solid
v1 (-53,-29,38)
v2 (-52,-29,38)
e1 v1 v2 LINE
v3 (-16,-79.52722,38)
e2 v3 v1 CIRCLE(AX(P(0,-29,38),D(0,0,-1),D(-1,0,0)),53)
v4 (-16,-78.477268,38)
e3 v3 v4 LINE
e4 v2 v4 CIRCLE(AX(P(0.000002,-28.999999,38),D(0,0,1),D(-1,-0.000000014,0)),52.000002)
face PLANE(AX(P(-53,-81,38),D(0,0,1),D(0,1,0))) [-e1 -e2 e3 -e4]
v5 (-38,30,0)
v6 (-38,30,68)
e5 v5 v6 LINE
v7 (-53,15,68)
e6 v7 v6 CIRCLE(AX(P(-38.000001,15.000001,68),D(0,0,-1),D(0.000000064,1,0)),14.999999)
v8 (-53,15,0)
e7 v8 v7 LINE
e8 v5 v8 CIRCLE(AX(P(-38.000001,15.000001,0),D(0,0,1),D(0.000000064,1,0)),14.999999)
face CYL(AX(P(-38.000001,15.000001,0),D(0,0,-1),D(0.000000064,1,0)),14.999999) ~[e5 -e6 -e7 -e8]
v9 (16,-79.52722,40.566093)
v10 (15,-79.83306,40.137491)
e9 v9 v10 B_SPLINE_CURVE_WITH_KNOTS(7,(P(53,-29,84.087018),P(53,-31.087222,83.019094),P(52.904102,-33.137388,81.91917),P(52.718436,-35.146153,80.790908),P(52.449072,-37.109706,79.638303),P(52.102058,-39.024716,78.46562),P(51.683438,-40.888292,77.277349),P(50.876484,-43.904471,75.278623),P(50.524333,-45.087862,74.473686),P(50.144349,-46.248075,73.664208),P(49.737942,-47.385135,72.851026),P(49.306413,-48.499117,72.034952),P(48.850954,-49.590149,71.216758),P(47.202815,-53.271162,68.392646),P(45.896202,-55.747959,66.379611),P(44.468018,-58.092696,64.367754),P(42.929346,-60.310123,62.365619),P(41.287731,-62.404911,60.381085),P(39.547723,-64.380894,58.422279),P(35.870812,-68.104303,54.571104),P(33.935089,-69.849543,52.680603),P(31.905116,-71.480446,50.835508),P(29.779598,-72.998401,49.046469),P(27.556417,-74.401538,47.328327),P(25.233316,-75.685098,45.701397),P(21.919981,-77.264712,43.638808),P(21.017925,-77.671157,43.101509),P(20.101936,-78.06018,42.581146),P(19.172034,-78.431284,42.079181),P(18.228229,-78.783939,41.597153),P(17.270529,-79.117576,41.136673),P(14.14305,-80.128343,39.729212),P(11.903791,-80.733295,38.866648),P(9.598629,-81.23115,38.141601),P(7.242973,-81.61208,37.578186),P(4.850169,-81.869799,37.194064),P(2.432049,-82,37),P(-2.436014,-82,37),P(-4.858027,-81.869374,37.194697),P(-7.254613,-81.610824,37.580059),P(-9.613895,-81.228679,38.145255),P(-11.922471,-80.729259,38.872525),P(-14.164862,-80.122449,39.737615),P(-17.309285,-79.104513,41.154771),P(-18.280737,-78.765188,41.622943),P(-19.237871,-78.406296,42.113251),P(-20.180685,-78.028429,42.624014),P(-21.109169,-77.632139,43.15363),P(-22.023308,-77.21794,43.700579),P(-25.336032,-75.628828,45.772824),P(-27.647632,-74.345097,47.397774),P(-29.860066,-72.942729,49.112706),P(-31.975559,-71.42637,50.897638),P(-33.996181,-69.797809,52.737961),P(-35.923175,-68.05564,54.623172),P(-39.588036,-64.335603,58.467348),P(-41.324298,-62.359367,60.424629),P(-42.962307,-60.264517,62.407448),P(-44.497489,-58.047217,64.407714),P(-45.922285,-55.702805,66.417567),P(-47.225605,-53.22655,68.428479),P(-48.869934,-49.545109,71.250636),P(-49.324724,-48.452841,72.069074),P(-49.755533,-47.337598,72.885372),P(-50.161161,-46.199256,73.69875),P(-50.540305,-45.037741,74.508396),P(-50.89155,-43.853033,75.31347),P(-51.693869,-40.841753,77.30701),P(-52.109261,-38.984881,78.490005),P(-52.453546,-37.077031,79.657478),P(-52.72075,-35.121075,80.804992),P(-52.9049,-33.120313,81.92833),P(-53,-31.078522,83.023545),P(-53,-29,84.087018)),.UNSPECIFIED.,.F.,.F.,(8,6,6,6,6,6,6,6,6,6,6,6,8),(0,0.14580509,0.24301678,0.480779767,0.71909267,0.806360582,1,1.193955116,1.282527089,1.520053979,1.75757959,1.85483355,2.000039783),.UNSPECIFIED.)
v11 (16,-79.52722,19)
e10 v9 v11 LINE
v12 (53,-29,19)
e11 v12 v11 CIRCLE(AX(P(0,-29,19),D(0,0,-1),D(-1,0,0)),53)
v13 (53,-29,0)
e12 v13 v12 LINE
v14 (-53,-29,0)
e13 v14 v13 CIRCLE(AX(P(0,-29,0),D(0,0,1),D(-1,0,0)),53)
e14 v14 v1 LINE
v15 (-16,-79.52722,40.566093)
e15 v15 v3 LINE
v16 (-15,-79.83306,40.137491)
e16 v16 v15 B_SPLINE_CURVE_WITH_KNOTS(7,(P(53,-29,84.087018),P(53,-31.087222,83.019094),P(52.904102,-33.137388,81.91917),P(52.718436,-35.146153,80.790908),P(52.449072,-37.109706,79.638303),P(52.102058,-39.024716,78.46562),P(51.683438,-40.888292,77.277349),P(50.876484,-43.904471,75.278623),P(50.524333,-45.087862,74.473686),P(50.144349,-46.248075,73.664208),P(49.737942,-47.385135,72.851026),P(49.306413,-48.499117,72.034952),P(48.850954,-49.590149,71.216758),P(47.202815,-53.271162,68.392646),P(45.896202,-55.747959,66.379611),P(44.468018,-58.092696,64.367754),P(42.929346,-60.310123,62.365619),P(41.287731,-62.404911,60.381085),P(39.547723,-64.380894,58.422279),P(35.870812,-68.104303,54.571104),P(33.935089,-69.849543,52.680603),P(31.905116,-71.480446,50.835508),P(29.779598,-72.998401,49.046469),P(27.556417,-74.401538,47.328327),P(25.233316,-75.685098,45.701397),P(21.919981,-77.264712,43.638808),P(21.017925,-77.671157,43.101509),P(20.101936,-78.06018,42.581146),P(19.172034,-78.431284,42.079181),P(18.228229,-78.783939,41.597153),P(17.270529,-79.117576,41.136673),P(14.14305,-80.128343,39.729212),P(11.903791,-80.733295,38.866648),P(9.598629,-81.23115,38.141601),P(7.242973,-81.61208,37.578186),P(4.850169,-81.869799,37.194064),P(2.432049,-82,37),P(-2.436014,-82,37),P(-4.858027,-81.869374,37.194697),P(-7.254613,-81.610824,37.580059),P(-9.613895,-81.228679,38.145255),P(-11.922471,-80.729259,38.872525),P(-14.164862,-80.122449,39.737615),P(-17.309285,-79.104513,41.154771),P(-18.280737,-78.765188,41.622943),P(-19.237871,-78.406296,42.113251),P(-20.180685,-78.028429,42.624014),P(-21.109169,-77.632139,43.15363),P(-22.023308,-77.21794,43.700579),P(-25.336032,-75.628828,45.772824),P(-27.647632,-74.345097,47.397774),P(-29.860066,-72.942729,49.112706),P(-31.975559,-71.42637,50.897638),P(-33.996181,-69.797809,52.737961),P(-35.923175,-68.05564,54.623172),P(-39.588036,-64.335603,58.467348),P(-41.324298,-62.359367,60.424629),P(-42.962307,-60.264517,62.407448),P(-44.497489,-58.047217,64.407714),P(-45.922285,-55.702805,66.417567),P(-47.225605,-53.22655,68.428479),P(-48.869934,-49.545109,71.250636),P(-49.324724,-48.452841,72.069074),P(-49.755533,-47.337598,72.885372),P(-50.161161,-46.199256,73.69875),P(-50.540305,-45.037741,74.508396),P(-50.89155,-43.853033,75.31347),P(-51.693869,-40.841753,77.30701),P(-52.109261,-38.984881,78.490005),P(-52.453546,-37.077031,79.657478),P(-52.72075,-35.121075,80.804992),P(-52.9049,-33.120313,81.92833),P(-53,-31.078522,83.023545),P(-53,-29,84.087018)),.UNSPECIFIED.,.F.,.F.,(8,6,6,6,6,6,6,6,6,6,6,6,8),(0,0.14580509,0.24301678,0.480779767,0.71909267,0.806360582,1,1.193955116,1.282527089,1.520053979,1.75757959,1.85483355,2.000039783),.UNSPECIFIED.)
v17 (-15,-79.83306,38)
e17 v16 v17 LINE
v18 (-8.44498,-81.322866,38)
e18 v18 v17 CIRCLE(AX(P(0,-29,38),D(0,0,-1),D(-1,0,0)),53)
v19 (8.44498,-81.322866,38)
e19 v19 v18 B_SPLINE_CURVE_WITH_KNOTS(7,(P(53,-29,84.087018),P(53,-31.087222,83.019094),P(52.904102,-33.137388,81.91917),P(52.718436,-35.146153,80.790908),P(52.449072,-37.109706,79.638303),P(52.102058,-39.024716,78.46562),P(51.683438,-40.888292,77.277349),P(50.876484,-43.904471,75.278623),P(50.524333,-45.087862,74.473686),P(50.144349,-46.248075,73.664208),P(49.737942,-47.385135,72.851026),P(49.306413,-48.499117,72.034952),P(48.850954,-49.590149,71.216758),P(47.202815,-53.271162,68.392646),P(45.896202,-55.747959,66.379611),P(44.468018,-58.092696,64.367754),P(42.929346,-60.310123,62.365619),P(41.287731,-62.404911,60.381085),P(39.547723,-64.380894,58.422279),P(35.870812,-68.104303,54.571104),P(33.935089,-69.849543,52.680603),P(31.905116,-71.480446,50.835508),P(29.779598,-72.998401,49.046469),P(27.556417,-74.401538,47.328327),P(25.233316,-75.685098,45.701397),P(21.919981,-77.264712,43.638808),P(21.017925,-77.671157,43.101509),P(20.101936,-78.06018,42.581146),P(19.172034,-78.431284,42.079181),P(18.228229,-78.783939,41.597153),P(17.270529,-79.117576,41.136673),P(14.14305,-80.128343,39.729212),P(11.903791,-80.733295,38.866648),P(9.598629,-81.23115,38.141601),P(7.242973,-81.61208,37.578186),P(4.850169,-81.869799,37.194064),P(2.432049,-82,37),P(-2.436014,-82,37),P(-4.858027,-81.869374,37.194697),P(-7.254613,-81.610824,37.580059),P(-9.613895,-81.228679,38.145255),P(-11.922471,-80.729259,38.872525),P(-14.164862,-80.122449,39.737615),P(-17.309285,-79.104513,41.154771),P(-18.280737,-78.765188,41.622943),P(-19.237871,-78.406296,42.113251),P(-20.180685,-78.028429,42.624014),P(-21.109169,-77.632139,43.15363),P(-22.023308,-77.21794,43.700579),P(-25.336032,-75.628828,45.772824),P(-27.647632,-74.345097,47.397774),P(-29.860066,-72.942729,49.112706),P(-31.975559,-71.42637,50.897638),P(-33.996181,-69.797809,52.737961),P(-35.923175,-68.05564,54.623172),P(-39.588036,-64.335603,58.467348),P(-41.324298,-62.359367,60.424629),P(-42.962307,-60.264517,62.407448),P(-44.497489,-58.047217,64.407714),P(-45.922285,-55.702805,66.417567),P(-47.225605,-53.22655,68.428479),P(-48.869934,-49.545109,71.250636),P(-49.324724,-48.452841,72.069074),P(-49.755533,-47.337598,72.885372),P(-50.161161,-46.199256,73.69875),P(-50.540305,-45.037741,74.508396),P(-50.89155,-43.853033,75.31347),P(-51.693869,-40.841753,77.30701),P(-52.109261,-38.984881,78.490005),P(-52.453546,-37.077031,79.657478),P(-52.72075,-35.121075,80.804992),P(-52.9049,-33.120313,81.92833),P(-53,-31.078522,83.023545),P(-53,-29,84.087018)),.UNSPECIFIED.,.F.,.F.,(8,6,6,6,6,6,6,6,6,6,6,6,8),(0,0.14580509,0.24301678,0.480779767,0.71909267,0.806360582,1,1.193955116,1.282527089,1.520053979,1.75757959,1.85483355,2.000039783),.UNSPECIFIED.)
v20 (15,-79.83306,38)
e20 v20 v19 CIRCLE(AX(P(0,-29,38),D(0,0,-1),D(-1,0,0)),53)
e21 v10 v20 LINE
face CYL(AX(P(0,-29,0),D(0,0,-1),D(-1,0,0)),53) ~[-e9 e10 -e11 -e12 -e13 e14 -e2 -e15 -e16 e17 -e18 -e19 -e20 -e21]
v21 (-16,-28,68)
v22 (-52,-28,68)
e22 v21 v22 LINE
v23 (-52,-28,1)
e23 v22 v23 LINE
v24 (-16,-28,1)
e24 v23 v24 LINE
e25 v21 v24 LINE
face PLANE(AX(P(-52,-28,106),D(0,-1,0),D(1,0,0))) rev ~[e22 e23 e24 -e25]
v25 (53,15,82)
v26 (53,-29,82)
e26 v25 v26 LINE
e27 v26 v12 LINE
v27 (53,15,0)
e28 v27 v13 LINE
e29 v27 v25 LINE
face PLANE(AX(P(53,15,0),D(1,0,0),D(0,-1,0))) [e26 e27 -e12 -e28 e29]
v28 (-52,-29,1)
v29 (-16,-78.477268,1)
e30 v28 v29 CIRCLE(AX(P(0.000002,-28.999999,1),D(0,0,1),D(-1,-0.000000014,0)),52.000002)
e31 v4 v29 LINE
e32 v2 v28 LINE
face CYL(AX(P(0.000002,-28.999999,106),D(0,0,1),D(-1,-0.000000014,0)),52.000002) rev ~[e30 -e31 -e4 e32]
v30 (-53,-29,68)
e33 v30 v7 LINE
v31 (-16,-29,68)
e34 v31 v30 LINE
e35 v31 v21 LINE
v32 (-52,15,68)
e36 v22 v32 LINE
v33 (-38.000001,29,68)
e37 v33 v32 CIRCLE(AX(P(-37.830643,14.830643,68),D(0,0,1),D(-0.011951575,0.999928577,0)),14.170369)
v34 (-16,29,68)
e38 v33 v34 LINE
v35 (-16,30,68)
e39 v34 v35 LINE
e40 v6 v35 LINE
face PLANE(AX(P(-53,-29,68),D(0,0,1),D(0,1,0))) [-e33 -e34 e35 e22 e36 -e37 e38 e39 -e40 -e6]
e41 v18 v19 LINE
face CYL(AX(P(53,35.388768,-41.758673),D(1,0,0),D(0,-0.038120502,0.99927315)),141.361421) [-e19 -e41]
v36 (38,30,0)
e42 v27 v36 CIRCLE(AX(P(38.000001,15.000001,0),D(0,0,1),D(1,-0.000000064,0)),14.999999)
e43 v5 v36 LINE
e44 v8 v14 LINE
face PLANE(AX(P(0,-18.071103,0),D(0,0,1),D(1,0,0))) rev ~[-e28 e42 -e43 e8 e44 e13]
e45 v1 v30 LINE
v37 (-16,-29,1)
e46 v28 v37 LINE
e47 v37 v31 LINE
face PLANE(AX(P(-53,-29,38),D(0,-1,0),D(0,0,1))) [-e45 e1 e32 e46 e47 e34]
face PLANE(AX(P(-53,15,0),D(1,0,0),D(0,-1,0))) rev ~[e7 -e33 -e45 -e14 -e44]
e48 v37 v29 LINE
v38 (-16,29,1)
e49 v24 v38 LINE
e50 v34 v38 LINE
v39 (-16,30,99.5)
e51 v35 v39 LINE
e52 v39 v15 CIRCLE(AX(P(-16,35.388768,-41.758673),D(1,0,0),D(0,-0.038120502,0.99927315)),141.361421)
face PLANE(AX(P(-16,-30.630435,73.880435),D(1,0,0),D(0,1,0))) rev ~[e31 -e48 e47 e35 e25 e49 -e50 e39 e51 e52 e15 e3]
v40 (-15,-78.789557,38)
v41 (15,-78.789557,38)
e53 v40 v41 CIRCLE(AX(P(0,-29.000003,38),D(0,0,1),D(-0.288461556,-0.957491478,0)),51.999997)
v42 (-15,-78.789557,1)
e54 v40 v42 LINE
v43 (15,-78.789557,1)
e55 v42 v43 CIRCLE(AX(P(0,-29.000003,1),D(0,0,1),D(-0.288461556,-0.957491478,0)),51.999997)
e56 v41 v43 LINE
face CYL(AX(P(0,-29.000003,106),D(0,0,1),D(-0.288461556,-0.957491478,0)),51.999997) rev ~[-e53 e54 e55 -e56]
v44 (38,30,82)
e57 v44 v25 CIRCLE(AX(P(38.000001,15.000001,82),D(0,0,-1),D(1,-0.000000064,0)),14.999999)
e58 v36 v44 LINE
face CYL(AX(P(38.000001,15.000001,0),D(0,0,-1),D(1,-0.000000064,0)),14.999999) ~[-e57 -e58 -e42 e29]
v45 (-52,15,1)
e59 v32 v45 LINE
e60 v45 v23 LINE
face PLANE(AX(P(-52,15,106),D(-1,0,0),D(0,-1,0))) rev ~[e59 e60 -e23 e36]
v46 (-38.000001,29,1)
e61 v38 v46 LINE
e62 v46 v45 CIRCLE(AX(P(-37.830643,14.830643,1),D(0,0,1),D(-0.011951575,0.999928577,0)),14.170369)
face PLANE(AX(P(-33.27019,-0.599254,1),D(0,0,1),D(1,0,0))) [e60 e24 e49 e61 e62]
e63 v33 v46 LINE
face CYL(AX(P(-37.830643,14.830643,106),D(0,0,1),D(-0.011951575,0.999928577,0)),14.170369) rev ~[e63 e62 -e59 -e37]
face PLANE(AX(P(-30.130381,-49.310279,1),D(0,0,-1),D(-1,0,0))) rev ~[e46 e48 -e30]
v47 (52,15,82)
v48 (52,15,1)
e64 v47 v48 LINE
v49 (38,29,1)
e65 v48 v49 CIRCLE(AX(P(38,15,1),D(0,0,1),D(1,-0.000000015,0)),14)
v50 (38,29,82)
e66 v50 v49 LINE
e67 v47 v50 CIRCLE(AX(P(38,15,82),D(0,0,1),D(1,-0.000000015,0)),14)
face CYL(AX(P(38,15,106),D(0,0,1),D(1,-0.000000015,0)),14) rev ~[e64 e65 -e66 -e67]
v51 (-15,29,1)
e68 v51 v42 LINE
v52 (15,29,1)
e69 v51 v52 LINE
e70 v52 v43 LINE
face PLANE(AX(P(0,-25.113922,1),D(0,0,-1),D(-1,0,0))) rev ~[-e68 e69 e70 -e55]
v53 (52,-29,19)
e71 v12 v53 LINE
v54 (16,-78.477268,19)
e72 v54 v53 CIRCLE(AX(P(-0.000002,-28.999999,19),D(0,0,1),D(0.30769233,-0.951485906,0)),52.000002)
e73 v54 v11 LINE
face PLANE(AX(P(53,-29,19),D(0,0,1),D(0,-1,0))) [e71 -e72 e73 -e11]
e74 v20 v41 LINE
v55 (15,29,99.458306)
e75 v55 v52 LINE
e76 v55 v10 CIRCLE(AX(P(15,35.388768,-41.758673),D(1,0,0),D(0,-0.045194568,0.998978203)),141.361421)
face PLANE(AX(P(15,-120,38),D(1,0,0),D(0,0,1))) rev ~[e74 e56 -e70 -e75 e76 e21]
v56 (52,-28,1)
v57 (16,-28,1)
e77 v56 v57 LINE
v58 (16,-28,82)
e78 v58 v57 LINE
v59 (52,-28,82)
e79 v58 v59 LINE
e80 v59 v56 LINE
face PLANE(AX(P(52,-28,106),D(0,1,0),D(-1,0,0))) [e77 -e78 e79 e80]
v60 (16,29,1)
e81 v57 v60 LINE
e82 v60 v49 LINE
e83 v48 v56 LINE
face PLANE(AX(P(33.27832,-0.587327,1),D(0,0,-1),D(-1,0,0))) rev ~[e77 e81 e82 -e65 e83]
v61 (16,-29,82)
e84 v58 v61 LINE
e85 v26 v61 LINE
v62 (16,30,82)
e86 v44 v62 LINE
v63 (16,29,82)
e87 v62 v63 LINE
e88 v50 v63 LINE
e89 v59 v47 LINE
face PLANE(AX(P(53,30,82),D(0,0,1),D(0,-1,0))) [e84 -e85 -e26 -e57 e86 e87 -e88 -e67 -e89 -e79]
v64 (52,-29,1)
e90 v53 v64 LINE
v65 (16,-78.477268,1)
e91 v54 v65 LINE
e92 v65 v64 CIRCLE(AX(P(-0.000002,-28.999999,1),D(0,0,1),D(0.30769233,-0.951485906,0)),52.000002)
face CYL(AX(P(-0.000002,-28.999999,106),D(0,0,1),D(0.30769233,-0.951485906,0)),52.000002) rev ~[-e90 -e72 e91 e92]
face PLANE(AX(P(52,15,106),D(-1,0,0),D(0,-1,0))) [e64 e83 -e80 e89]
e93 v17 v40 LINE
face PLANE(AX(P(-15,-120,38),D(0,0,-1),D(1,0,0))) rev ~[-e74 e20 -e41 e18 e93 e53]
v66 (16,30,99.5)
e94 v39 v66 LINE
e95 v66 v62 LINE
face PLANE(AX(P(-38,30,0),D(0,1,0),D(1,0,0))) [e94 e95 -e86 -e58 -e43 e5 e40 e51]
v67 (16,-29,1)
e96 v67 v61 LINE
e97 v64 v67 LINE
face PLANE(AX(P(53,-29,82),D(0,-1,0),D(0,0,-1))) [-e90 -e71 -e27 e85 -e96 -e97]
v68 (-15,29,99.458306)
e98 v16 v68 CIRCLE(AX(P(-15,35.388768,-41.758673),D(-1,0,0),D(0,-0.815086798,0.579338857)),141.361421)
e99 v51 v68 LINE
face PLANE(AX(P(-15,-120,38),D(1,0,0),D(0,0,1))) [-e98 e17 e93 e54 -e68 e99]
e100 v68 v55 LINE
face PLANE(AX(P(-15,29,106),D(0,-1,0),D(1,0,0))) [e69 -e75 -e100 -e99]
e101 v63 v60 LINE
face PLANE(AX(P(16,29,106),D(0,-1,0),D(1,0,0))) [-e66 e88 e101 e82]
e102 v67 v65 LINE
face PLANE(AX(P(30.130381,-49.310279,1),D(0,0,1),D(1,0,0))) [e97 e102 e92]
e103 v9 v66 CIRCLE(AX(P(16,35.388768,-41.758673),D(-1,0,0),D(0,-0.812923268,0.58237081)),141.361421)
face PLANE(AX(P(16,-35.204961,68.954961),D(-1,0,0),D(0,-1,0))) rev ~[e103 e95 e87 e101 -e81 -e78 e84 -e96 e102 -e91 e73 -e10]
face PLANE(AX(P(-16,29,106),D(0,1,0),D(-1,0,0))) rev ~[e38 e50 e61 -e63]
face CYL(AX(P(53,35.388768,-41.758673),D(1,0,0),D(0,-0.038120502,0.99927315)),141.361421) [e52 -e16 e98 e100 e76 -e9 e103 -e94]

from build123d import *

# Parameters (mm, degrees)
PAD_DEPTH       = 99.5
POCKET_DEPTH    = 106.001
POCKET001_DEPTH = 105
POCKET002_DEPTH = 37
POCKET003_DEPTH = 37
SKETCH005_W     = 30
SKETCH005_H     = 16.444138
POCKET004_DEPTH = 149


with BuildPart() as part:
    # Sketch → Pad (new body)
    with BuildSketch(Plane.XY):
        with BuildLine():
            Line((-53, 15), (-53, -29))
            ThreePointArc((-53, -29), (0, -82), (53, -29))
            Line((53, 15), (53, -29))
            ThreePointArc((53, 15), (48.606602, 25.606602), (38, 30))
            Line((-38, 30), (38, 30))
            ThreePointArc((-38, 30), (-48.606602, 25.606602), (-53, 15))
        make_face()
    extrude(amount=PAD_DEPTH)

    # Sketch001 (on DatumPlane) → Pocket (cut, through all)
    with BuildSketch(Plane.YZ.offset(53)):
        with BuildLine():
            ThreePointArc((30, 99.5), (-33.496233, 81.683249), (-82, 37))
            Line((-82, 37), (-89.555687, 37))
            Line((-89.555687, 106.401093), (-89.555687, 37))
            Line((30, 106.401093), (-89.555687, 106.401093))
            Line((30, 99.5), (30, 106.401093))
        make_face()
    extrude(amount=-POCKET_DEPTH, mode=Mode.SUBTRACT)

    # Sketch002 (on DatumPlane) → Pocket001 (cut)
    with BuildSketch(Plane.XY.offset(106)):
        with BuildLine():
            Line((-52, -29), (-16, -29))
            Line((-16, -29), (-16, -78.477268))
            ThreePointArc((-52, -29), (-42.047592, -59.594117), (-16, -78.477268))
        make_face()
        with BuildLine():
            Line((-15, 29), (15, 29))
            Line((15, 29), (15, -78.789557))
            ThreePointArc((-15, -78.789557), (0, -81), (15, -78.789557))
            Line((-15, 29), (-15, -78.789557))
        make_face()
        with BuildLine():
            Line((52, -29), (16, -29))
            Line((16, -29), (16, -78.477268))
            ThreePointArc((16, -78.477268), (42.047592, -59.594117), (52, -29))
        make_face()
        with BuildLine():
            Line((-16, 29), (-38.000001, 29))
            ThreePointArc((-38.000001, 29), (-47.850607, 24.850607), (-52, 15))
            Line((-52, 15), (-52, -28))
            Line((-52, -28), (-16, -28))
            Line((-16, -28), (-16, 29))
        make_face()
        with BuildLine():
            Line((16, 29), (38, 29))
            ThreePointArc((52, 15), (47.899495, 24.899495), (38, 29))
            Line((52, 15), (52, -28))
            Line((52, -28), (16, -28))
            Line((16, -28), (16, 29))
        make_face()
    extrude(amount=-POCKET001_DEPTH, mode=Mode.SUBTRACT)

    # Sketch003 (on DatumPlane) → Pocket002 (cut)
    with BuildSketch(Plane.YZ.offset(53)):
        Polygon((-29, 19), (-81, 19), (-81, 99.5), (-29.5, 99.5), (30, 99.5), (30, 82), (-29, 82), align=None)
    extrude(amount=-POCKET002_DEPTH, mode=Mode.SUBTRACT)

    # Sketch004 (on DatumPlane) → Pocket003 (cut)
    with BuildSketch(Plane(origin=(-53, 0, 0), x_dir=(0, -1, 0), z_dir=(-1, 0, 0))):
        Polygon((81, 38), (29, 38), (29, 68), (-30, 68), (-30, 99.5), (81, 99.5), align=None)
    extrude(amount=-POCKET003_DEPTH, mode=Mode.SUBTRACT)

    # Sketch005 (on DatumPlane) → Pocket004 (cut)
    with BuildSketch(Plane(origin=(-53, -120, 0), x_dir=(1, 0, 0), z_dir=(0, -1, 0))):
        with Locations((53, 46.222069)):
            Rectangle(SKETCH005_W, SKETCH005_H)
    extrude(amount=-POCKET004_DEPTH, mode=Mode.SUBTRACT)


solid = part.part
